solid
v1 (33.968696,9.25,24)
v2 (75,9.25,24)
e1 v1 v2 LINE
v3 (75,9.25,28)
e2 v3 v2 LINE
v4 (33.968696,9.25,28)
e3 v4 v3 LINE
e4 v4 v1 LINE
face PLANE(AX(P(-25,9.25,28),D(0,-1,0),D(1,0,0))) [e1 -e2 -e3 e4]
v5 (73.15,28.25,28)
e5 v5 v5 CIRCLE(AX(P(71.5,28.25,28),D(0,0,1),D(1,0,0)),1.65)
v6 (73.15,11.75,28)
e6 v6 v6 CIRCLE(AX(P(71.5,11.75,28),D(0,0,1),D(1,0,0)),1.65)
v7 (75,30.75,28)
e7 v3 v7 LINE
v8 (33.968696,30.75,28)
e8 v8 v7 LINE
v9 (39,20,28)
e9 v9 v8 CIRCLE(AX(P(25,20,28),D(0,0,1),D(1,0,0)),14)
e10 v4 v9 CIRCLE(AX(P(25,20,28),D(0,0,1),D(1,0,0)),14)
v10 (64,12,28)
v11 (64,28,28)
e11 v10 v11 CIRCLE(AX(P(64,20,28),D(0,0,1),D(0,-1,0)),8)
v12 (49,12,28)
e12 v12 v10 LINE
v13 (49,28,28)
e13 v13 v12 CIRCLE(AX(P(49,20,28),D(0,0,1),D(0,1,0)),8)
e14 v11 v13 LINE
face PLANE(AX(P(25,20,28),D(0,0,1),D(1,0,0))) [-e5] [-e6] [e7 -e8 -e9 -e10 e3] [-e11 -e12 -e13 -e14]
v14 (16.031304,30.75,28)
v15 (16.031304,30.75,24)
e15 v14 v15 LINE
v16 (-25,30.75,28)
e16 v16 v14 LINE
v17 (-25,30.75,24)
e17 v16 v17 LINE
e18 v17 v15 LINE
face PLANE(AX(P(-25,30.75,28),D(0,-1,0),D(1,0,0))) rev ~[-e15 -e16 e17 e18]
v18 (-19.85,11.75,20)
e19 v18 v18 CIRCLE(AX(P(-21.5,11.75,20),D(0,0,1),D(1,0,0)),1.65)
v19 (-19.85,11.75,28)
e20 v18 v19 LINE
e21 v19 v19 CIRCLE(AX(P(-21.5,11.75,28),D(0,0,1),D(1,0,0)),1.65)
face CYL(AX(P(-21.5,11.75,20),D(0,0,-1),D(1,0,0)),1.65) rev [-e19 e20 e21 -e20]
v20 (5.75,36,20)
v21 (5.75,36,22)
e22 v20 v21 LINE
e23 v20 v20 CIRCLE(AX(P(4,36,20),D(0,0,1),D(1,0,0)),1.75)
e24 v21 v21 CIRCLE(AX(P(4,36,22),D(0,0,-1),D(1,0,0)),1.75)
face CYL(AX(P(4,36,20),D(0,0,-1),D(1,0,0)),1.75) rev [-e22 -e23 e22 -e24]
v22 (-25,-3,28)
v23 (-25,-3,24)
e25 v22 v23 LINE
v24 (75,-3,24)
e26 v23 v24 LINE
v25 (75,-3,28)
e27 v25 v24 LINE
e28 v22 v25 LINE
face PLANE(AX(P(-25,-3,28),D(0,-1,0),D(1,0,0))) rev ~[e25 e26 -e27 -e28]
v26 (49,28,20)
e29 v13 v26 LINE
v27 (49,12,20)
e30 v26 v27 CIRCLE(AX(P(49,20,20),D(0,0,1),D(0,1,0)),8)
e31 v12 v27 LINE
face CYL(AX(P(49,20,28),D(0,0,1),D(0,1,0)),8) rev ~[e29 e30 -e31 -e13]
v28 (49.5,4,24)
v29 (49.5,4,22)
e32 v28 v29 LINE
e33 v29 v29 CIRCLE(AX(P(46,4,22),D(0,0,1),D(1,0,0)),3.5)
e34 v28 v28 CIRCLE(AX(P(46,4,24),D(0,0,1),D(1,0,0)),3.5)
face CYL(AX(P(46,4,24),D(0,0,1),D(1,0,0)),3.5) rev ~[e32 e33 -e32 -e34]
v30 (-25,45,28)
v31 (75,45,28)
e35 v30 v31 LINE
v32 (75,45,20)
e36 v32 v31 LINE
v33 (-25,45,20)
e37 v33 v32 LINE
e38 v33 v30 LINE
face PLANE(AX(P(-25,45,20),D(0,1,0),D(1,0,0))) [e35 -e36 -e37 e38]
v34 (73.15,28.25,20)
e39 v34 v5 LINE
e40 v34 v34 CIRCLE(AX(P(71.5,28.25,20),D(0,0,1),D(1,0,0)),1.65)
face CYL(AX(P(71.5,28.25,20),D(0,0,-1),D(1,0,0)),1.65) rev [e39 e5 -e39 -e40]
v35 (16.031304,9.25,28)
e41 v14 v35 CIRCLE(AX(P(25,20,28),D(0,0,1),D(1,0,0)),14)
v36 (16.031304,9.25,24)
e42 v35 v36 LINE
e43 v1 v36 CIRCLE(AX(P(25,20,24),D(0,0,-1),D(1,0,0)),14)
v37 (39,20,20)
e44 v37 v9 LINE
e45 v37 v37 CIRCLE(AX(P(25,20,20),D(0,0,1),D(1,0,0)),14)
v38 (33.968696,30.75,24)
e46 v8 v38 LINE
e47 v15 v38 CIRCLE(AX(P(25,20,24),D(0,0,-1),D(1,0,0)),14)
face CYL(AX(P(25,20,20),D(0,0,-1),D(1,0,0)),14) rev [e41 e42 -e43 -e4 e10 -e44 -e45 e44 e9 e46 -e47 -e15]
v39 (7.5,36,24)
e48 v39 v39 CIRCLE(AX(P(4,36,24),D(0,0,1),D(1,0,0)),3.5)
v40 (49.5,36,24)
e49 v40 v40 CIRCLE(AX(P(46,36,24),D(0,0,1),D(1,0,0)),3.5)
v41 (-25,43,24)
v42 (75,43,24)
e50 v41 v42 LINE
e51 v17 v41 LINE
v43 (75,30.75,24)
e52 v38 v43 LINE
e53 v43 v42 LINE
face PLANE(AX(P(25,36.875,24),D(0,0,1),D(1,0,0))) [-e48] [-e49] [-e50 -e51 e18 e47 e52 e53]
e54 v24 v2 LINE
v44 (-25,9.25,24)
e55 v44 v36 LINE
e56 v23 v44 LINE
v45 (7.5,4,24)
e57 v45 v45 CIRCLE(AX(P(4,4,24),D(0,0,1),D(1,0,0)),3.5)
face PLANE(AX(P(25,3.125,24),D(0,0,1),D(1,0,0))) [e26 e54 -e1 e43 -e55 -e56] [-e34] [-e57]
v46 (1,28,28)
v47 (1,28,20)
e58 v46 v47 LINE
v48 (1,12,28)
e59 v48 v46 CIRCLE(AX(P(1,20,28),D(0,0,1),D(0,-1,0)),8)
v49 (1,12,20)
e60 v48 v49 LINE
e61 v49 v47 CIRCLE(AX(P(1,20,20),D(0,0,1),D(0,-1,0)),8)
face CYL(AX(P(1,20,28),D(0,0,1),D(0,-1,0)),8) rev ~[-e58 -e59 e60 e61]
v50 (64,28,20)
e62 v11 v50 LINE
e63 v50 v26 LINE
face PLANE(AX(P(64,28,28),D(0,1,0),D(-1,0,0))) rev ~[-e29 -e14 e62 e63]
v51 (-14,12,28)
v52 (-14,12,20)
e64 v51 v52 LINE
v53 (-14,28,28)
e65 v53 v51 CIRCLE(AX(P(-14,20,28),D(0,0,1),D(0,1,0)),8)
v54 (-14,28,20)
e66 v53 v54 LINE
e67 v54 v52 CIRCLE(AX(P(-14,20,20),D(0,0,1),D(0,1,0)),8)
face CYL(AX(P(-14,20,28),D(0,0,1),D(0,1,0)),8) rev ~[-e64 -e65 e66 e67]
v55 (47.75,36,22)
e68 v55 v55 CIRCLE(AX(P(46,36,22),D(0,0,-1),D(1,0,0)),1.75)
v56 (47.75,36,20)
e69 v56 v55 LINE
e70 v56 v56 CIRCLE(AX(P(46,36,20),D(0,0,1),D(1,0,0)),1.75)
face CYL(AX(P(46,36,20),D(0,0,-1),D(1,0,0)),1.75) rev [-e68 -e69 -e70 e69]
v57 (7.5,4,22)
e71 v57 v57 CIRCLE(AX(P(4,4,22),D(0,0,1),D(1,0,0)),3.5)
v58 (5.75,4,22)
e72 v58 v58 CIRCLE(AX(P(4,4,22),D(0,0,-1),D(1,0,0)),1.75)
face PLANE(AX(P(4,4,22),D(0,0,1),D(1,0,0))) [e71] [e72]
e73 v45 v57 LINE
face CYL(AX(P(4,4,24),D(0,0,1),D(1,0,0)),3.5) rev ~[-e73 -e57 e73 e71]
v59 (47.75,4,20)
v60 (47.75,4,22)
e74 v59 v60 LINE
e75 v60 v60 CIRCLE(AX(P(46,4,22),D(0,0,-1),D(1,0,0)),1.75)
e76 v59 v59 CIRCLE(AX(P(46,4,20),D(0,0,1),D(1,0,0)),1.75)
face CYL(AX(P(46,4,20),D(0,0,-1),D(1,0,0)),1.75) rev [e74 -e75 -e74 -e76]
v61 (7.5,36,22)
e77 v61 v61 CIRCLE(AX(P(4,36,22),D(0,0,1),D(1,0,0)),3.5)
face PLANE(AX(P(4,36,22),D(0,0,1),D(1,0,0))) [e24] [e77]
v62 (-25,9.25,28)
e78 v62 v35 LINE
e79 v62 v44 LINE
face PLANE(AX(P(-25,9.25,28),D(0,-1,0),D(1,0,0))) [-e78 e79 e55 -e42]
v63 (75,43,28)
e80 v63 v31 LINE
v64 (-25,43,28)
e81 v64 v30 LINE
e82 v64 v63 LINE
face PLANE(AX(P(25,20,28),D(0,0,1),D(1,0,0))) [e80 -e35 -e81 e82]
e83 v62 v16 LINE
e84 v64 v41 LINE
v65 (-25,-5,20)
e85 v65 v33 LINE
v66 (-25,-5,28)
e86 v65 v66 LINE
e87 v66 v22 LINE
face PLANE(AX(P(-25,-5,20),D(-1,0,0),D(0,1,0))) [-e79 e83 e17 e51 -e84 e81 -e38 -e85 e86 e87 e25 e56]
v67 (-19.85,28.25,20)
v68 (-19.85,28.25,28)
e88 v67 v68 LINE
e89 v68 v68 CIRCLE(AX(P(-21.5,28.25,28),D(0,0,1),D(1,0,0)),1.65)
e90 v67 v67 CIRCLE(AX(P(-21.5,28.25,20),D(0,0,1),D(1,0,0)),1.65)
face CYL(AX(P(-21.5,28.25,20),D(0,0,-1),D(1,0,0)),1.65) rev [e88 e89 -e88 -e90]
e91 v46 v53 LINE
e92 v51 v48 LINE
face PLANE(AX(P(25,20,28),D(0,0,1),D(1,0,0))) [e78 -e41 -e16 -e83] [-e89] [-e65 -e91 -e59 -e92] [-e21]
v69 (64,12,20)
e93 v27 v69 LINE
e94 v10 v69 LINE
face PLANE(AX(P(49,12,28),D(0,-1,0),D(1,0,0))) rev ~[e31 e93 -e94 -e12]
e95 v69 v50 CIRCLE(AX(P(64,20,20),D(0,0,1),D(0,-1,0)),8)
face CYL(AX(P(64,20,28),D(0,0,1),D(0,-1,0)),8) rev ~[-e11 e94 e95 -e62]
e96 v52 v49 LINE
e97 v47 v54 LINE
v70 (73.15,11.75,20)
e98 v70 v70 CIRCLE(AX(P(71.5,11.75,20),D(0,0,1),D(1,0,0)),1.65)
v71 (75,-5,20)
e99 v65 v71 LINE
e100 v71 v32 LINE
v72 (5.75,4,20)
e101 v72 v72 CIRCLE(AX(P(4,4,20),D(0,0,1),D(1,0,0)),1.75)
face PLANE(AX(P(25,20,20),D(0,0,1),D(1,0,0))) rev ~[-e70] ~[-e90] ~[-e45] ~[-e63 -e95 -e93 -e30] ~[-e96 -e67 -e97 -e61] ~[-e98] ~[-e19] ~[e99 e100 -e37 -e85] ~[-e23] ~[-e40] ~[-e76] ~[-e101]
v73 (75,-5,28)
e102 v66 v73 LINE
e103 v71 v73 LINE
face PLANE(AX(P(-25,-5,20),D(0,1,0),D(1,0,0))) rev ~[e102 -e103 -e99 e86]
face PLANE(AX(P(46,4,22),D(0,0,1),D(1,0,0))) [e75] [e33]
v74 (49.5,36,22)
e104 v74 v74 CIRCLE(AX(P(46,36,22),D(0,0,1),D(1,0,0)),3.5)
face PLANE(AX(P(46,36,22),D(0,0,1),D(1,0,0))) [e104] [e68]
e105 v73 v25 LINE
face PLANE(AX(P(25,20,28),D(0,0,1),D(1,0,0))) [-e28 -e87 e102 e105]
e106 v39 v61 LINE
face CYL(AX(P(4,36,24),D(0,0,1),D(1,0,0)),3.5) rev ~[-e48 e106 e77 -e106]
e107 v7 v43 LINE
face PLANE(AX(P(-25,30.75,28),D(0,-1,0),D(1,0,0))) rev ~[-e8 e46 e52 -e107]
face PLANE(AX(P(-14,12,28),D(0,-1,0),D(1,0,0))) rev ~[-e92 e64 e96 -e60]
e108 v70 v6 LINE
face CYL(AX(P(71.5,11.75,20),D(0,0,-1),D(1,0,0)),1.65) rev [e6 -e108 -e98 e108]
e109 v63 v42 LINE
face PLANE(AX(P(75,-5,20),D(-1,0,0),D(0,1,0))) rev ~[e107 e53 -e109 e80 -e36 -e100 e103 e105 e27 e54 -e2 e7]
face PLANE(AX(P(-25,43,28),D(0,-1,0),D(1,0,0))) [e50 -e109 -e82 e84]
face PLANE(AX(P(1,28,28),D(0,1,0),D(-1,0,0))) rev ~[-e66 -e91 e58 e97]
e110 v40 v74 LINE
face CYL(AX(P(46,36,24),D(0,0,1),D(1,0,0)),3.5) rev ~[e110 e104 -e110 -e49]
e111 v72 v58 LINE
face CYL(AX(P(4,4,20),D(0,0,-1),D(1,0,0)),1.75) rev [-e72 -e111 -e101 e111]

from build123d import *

# Parameters (mm, degrees)
SKETCH292_W     = 100
SKETCH292_H     = 50
SKETCH292_R     = 14
SKETCH292_R_2   = 1.75
SKETCH292_R_3   = 1.65
PAD139_DEPTH    = 8
SKETCH293_W     = 100
SKETCH293_H     = 12.25
POCKET126_DEPTH = 4
POCKET127_DEPTH = 8.001
SKETCH295_R     = 3.5
POCKET128_DEPTH = 2


with BuildPart() as part:
    # Sketch292 → Pad139 (new body)
    with BuildSketch(Plane.XY):
        with Locations((50, 25)):
            Rectangle(SKETCH292_W, SKETCH292_H)
        with Locations((50, 25)):
            Circle(SKETCH292_R, mode=Mode.SUBTRACT)
        with Locations((29, 41)):
            Circle(SKETCH292_R_2, mode=Mode.SUBTRACT)
        with Locations((71, 41)):
            Circle(SKETCH292_R_2, mode=Mode.SUBTRACT)
        with Locations((71, 9)):
            Circle(SKETCH292_R_2, mode=Mode.SUBTRACT)
        with Locations((29, 9)):
            Circle(SKETCH292_R_2, mode=Mode.SUBTRACT)
        with Locations((96.5, 33.25)):
            Circle(SKETCH292_R_3, mode=Mode.SUBTRACT)
        with Locations((3.5, 33.25)):
            Circle(SKETCH292_R_3, mode=Mode.SUBTRACT)
        with Locations((3.5, 16.75)):
            Circle(SKETCH292_R_3, mode=Mode.SUBTRACT)
        with Locations((96.5, 16.75)):
            Circle(SKETCH292_R_3, mode=Mode.SUBTRACT)
    extrude(amount=PAD139_DEPTH)

    # Sketch293 (on Face15 of Pad139) → Pocket126 (cut)
    with BuildSketch(Plane.XY.offset(8)):
        with Locations((50, 41.875)):
            Rectangle(SKETCH293_W, SKETCH293_H)
        with Locations((50, 8.125)):
            Rectangle(SKETCH293_W, SKETCH293_H)
    extrude(amount=-POCKET126_DEPTH, mode=Mode.SUBTRACT)

    # Sketch294 (on Face9 of Pocket126) → Pocket127 (cut, through all)
    with BuildSketch(Plane.XY.offset(8)):
        with BuildLine():
            ThreePointArc((11, 33), (3, 25), (11, 17))
            Line((11, 17), (26, 17))
            ThreePointArc((26, 17), (34, 25), (26, 33))
            Line((26, 33), (11, 33))
        make_face()
        with BuildLine():
            ThreePointArc((74, 33), (66, 25), (74, 17))
            Line((74, 17), (89, 17))
            ThreePointArc((89, 17), (97, 25), (89, 33))
            Line((89, 33), (74, 33))
        make_face()
    extrude(amount=-POCKET127_DEPTH, mode=Mode.SUBTRACT)

    # Sketch295 (on Face11 of Pocket127) → Pocket128 (cut)
    with BuildSketch(Plane.XY.offset(4)):
        with Locations((29, 41)):
            Circle(SKETCH295_R)
        with Locations((71, 41)):
            Circle(SKETCH295_R)
        with Locations((29, 9)):
            Circle(SKETCH295_R)
        with Locations((71, 9)):
            Circle(SKETCH295_R)
    extrude(amount=-POCKET128_DEPTH, mode=Mode.SUBTRACT)


with BuildPart() as part_1:
    # Body103 placement: moved
    add(part.part.moved(Location((-25, -5, 20))))


solid = part_1.part
